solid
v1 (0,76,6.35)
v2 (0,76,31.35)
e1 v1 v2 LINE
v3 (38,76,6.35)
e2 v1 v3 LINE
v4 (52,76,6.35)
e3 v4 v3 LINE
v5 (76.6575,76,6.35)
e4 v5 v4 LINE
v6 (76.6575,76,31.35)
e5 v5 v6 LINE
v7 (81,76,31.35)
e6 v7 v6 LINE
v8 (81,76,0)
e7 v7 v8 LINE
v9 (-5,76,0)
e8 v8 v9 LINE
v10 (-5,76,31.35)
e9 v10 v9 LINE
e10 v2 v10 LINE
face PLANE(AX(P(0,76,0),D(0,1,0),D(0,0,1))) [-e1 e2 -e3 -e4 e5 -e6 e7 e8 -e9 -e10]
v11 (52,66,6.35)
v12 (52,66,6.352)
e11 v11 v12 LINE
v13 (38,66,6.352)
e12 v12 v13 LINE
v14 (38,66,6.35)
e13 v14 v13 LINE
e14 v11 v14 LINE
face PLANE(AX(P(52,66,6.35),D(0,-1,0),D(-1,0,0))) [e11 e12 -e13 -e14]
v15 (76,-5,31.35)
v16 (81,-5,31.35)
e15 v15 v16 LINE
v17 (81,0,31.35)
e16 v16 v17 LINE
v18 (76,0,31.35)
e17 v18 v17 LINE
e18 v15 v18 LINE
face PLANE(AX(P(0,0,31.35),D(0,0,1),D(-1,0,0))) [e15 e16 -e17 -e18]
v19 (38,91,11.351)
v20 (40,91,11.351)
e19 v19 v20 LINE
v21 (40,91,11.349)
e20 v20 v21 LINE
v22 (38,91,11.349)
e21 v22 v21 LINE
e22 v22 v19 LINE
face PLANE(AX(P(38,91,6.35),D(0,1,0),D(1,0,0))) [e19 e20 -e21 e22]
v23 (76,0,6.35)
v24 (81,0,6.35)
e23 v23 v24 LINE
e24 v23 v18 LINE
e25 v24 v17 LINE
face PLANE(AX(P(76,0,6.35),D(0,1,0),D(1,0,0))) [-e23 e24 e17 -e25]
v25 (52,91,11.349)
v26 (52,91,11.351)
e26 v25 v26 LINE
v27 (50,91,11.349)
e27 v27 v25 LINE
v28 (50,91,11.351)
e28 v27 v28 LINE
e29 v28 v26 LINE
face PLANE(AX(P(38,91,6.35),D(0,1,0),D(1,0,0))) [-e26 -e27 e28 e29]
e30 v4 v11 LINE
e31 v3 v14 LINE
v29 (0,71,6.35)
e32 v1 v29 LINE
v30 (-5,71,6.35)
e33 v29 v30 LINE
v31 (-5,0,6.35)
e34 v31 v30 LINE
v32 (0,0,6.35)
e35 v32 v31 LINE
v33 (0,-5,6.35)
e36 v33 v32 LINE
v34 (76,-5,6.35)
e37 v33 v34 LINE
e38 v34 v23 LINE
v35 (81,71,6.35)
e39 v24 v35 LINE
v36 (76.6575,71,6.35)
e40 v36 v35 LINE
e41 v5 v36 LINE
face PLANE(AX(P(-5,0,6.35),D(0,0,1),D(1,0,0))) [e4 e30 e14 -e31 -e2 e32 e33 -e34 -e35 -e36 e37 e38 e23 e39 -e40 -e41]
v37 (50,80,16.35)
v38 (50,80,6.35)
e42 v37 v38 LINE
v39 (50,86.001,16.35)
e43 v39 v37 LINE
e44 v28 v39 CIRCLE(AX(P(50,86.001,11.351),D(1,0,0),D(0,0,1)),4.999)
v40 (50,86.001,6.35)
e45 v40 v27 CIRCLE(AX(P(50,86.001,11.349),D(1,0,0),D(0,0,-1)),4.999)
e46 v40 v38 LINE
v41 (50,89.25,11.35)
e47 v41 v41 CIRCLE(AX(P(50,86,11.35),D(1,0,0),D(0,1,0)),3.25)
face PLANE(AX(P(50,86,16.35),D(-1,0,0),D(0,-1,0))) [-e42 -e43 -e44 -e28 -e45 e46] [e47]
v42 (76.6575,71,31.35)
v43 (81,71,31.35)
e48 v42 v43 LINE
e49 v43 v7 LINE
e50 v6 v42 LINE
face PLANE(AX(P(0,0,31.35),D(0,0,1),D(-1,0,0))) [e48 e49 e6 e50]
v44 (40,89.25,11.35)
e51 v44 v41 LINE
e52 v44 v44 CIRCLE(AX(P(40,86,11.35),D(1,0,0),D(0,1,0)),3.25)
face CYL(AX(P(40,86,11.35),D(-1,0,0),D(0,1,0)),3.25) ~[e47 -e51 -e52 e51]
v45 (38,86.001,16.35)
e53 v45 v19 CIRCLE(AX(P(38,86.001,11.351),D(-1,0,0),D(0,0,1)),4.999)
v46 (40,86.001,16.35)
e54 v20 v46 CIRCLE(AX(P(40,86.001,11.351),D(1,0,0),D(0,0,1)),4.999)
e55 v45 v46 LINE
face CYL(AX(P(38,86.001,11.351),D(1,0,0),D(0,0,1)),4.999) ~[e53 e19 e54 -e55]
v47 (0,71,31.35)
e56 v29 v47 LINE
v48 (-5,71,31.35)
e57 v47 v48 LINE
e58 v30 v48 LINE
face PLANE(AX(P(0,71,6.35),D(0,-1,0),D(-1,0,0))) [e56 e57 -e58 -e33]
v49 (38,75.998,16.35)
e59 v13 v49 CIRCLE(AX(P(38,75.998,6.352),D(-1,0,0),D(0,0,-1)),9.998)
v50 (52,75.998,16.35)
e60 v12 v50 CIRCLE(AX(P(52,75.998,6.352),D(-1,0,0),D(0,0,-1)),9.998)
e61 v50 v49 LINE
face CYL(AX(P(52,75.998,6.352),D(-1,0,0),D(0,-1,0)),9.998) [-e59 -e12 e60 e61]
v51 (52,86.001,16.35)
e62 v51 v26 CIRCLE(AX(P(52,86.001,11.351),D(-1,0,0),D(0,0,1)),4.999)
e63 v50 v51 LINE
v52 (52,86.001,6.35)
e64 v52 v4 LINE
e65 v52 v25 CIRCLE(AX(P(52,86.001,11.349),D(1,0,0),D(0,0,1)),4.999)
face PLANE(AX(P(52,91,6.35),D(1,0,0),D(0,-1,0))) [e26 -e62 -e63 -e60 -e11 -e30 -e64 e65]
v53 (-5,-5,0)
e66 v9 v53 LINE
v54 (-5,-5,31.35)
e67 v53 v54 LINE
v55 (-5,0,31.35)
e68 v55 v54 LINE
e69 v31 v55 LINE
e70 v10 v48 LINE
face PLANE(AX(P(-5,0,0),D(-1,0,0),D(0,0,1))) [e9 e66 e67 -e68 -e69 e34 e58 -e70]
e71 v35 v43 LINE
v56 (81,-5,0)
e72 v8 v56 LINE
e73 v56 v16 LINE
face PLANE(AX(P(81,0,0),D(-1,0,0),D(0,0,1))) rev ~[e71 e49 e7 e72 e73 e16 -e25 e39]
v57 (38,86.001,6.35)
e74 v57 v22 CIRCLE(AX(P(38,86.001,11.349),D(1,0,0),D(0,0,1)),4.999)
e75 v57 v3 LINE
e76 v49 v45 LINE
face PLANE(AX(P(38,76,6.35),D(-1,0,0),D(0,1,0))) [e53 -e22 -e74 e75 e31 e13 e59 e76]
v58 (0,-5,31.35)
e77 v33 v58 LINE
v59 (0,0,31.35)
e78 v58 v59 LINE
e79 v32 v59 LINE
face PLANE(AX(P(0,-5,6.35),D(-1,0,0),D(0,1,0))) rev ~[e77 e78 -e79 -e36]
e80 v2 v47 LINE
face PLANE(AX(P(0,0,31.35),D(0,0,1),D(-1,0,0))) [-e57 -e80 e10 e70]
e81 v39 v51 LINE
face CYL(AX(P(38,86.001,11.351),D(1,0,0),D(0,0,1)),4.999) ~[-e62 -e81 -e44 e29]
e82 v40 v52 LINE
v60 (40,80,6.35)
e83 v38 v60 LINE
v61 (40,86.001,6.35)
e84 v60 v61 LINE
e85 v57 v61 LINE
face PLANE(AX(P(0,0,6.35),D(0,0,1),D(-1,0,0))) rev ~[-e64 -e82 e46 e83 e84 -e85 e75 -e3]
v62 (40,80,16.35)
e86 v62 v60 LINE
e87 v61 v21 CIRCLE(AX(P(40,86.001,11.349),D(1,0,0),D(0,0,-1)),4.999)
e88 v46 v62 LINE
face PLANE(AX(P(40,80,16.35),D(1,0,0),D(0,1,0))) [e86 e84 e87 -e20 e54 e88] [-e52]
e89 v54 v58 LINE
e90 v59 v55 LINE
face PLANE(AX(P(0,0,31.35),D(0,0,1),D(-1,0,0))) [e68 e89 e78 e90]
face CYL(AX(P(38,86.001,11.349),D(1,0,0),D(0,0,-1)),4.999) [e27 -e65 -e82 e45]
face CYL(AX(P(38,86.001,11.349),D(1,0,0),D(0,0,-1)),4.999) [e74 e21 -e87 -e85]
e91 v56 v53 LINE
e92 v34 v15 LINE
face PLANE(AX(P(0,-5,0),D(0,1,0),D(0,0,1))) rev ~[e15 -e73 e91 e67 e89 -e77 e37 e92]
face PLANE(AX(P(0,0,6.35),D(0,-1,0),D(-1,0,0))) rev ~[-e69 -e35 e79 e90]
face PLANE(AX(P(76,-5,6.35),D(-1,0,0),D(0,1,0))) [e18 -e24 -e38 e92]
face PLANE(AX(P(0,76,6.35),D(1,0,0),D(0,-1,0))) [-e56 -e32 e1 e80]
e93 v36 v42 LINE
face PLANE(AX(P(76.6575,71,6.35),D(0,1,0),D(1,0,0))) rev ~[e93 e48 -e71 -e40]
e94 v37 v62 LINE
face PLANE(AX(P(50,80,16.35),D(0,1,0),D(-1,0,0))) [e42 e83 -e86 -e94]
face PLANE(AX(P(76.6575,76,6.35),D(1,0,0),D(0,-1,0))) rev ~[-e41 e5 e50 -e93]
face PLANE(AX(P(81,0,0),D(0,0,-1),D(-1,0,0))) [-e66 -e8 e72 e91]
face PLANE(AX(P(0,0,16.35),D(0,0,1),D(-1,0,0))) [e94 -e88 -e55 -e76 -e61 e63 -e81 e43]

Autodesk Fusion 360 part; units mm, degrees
sketch "Sketch1" plane through (0, 0, 0) normal (0, 0, 1) x (1, 0, 0)
  line L0 (0, 0) -> (76, 0)
  line L1 (76, 0) -> (76, 76)
  line L2 (76, 76) -> (0, 76)
  line L3 (0, 76) -> (0, 0)
  dimension "d1" = 76
  dimension "d2" = 76
extrude "Extrude1" add sketch "Sketch1" along normal blind 6.35
sketch "Sketch2" plane through (0, 0, 6.35) normal (0, 0, 1) x (-1, 0, 0)
  line L0 (0, -76) -> (0, 0)
  line L1 (0, 0) -> (-76, 0)
  line L2 (-76, 0) -> (-76, -76)
  line L3 (-76, -76) -> (0, -76)
  line L4 (-52, -66) -> (-38, -66)
  line L5 (-38, -66) -> (-38, -91)
  line L6 (-38, -91) -> (-52, -91)
  line L7 (-52, -91) -> (-52, -66)
  dimension "d5" = 14
  dimension "d6" = 25
  dimension "d7" = 24
  dimension "d8" = 10
extrude "Extrude2" add sketch "Sketch2" along normal blind 10 contours L3 L5 L6 L7 | L3 L4 L5 L7
fillet "Fillet1" radius 10 1 edges at (45, 66, 16.35)
fillet "Fillet2" radius 5 2 edges at (45, 91, 16.35) (45, 91, 6.35)
sketch "Sketch3" plane through (0, 0, 16.35) normal (0, 0, 1) x (-1, 0, 0)
  line L0 (-52, -86) -> (-38, -86)
  line L1 (-38, -86) -> (-38, -76)
  line L2 (-38, -76) -> (-52, -76)
  line L3 (-52, -76) -> (-52, -86)
  line L4 (-50, -80) -> (-40, -80)
  line L5 (-40, -80) -> (-40, -95)
  line L6 (-40, -95) -> (-50, -95)
  line L7 (-50, -95) -> (-50, -80)
extrude "Extrude3" cut sketch "Sketch3" against normal blind 20 contours L0 L4 L5 L7 | L0 L5 L6 L7
sketch "Sketch4" plane through (40, 0, 0) normal (1, 0, 0) x (0, 1, 0)
  line L0 (80, 6.35) -> (86, 6.35)
  arc A0 (86, 6.35) -> (86, 16.35) centre (86, 11.35) ccw
  line L1 (86, 16.35) -> (80, 16.35)
  line L2 (80, 16.35) -> (80, 6.35)
  circle A1 centre (86, 11.35) radius 3.25
  dimension "d17" = 6.5
extrude "Extrude4" add sketch "Sketch4" along normal blind 10 contours A1
extrude "Extrude5" add 1 faces at (76, 25.3333, 2.1167) along direction (1, 0, 0) blind 5
extrude "Extrude6" add 1 faces at (0, 50.6667, 2.1167) along direction (-1, 0, 0) blind 5
extrude "Extrude7" add 1 faces at (23.6667, 0, 2.1167) along direction (0, -1, 0) blind 5
sketch "Sketch5" plane through (0, 0, 6.35) normal (0, 0, 1) x (-1, 0, 0)
  line L0 (-38, -66) -> (-38, -76)
  line L1 (-38, -76) -> (5, -76)
  line L2 (5, -76) -> (5, 5)
  line L3 (5, 5) -> (-81, 5)
  line L4 (-81, 5) -> (-81, -76)
  line L5 (-81, -76) -> (-52, -76)
  line L6 (-52, -76) -> (-52, -66)
  line L7 (-52, -66) -> (-38, -66)
  line L8 (-81, -76) -> (-76.6575, -76)
  line L9 (-76.6575, -76) -> (-76.6575, -71)
  line L10 (-76.6575, -71) -> (-81, -71)
  line L11 (-81, -71) -> (-81, -76)
  line L12 (5, -76) -> (0, -76)
  line L13 (0, -76) -> (0, -71)
  line L14 (0, -71) -> (5, -71)
  line L15 (5, -71) -> (5, -76)
  line L16 (5, 5) -> (0, 5)
  line L17 (0, 5) -> (0, 0)
  line L18 (0, 0) -> (5, 0)
  line L19 (5, 0) -> (5, 5)
  line L20 (-81, 5) -> (-76, 5)
  line L21 (-76, 5) -> (-76, 0)
  line L22 (-76, 0) -> (-81, 0)
  line L23 (-81, 0) -> (-81, 5)
  dimension "d26" = 5
  dimension "d27" = 5
  dimension "d28" = 5
  dimension "d29" = 5
  dimension "d30" = 5
  dimension "d31" = 5
  dimension "d32" = 5
extrude "Extrude8" add sketch "Sketch5" along normal blind 25 contours L1 L2 L12 L13 L14 L15 | L4 L5 L8 L9 L10 L11 | L2 L3 L16 L17 L18 L19 | L3 L4 L20 L21 L22 L23
